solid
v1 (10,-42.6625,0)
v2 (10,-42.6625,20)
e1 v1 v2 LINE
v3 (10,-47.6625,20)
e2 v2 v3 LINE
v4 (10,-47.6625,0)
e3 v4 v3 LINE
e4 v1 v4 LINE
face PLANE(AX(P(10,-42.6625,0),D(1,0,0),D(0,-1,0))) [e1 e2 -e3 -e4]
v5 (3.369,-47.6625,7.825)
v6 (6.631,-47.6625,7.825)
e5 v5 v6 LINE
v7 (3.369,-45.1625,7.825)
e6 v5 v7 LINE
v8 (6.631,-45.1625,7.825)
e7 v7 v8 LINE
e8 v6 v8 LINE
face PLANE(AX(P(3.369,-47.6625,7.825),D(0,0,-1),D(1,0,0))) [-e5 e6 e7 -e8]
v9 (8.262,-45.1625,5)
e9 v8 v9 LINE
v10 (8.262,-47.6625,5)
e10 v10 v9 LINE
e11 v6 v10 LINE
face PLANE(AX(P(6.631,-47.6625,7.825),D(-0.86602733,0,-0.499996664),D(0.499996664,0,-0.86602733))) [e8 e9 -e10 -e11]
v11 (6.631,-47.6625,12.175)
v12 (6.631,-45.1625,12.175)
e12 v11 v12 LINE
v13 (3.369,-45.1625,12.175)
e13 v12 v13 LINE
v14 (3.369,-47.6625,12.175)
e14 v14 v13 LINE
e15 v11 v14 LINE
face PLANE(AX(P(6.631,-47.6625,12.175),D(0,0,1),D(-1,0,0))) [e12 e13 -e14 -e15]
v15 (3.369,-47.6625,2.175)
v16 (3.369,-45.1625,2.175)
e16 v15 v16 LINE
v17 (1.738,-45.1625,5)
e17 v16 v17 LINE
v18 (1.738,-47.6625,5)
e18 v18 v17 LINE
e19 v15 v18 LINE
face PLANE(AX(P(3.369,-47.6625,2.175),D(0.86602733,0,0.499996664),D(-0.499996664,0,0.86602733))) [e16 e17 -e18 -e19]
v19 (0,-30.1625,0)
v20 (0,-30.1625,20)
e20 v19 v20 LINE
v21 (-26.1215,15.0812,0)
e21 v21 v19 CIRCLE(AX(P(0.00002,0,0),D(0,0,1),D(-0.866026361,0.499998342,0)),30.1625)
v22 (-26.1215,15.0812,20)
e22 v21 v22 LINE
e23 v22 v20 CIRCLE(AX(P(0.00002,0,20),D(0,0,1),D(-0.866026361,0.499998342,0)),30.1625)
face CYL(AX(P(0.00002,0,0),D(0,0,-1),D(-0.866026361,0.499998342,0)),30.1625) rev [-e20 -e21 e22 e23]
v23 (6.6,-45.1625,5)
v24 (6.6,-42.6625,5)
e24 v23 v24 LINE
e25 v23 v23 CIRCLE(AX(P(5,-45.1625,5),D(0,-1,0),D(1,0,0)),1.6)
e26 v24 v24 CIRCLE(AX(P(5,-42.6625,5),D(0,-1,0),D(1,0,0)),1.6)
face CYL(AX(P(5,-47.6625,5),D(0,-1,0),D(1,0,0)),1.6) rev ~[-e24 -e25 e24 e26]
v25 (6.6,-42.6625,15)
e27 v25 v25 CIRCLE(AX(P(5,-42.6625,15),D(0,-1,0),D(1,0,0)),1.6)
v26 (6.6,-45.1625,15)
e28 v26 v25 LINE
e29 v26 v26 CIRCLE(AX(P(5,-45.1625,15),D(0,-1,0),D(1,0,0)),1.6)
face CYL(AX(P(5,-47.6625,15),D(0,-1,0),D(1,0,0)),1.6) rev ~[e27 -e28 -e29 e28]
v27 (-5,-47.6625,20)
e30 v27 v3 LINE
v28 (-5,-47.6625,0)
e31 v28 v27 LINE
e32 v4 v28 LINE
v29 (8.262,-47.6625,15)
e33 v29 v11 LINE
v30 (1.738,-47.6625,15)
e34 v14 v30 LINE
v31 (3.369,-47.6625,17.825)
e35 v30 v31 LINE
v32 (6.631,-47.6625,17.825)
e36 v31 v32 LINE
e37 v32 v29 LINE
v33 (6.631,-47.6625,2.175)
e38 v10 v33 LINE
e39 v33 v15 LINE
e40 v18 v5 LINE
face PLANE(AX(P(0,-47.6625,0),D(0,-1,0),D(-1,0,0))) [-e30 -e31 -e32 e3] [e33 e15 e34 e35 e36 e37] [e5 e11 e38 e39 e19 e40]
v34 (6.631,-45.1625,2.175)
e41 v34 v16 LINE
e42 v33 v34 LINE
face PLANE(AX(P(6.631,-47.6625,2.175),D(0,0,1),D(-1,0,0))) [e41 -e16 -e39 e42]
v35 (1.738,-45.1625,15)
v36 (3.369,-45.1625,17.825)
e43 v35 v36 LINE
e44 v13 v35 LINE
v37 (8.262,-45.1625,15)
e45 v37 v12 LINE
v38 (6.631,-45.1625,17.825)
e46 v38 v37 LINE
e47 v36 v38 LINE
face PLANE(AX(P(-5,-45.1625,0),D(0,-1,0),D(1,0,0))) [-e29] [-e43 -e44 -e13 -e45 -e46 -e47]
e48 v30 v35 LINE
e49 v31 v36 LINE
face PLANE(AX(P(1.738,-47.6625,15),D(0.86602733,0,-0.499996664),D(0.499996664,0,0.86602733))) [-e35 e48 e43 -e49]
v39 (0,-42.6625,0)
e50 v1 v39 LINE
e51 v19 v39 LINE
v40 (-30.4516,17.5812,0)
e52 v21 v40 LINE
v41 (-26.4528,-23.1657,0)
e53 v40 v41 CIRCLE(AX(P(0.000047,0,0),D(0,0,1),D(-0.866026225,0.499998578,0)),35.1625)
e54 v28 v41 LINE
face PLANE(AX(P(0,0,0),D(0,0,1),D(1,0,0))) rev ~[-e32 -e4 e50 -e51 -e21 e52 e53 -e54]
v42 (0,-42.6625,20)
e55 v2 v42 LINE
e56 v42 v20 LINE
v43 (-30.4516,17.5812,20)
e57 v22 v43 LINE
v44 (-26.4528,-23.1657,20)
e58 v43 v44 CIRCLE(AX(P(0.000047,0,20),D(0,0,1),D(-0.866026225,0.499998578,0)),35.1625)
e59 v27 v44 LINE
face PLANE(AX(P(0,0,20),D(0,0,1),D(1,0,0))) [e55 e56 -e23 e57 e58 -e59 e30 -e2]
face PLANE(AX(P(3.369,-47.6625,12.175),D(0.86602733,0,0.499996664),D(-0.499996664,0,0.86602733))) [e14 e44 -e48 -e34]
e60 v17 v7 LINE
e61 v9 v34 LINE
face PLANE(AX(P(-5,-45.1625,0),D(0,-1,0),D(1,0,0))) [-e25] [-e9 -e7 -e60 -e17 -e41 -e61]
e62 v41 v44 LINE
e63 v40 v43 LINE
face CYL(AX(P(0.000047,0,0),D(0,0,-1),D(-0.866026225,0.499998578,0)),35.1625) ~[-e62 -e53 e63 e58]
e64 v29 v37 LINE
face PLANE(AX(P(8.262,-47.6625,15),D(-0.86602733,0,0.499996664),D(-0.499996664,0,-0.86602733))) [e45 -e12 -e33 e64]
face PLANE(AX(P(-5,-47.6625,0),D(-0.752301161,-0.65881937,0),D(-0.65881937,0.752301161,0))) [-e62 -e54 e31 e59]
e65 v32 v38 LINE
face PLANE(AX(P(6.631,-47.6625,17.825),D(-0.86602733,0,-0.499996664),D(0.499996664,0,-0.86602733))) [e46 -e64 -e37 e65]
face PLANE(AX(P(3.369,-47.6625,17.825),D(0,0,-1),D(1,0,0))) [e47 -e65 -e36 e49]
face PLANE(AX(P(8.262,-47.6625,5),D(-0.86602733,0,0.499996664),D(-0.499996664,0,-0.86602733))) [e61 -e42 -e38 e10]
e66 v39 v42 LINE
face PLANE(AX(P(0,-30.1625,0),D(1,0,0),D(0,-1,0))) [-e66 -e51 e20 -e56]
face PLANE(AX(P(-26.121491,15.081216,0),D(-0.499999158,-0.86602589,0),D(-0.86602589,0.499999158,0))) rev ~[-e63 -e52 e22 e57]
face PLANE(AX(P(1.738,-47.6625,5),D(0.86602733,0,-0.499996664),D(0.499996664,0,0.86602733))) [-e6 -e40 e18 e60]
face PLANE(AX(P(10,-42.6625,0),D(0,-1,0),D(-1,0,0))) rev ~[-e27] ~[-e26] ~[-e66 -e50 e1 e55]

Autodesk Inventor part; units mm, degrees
ref_plane "YZ Plane" through (0, 0, 0) normal (1, 0, 0) x (0, 1, 0)
ref_plane "XZ Plane" through (0, 0, 0) normal (0, 1, 0) x (-1, 0, 0)
ref_plane "XY Plane" through (0, 0, 0) normal (0, 0, 1) x (1, 0, 0)
sketch "Sketch1" plane through (0, 0, 0) normal (0, 0, 1) x (1, 0, 0)
  arc A0 (-30.4516, 17.5812) -> (0, -35.1625) centre (0, 0) ccw
  line L0 (0, 0) -> (30.1625, 0)
  line L1 (0, 0) -> (17.5813, 30.4516)
  line L2 (0, 0) -> (-30.4516, 17.5812)
  line L3 (0, -30.1625) -> (0, -35.1625)
  arc A1 (-26.1215, 15.0812) -> (0, -30.1625) centre (0, 0) ccw
  arc A2 (30.1625, 0) -> (15.0813, 26.1215) centre (0, 0) ccw
  line L4 (0, -30.1625) -> (30.1625, -30.1625)
  line L5 (30.1625, -30.1625) -> (30.1625, -42.6625)
  line L6 (30.1625, -42.6625) -> (0, -42.6625)
  line L7 (0, -42.6625) -> (0, -30.1625)
  line L8 (0, -42.6625) -> (10, -42.6625)
  line L9 (10, -42.6625) -> (10, -47.6625)
  line L10 (10, -47.6625) -> (0, -47.6625)
  line L11 (0, -47.6625) -> (0, -42.6625)
  line L12 (0, -47.6625) -> (0, -35.1625)
  line L13 (0, -47.6625) -> (-5, -47.6625)
  line L14 (-5, -47.6625) -> (-5, -42.6625)
  line L15 (-5, -42.6625) -> (0, -42.6625)
  line L16 (0, -42.6625) -> (0, -47.6625)
  line L17 (-5, -47.6625) -> (-26.4528, -23.1657)
  line L18 (0, -42.6625) -> (0, -35.1625)
  dimension "d3" = 60
  dimension "d4" = 30.1625
  dimension "d5" = 35.1625
  dimension "d6" = 12.5
  dimension "d7" = 10
  dimension "d8" = 5
extrude "Extrusion1" add sketch "Sketch1" along normal blind 20 contours L2 A1 L3 A0 | A0 L7 L15 L14 L17 | L14 L15 L11 L13 | L6 L9 L10 L11
sketch "Sketch2" plane through (-5, -47.6625, 0) normal (0, -1, 0) x (1, 0, 0)
  line L0 (0, 0) -> (15, 0) projected
  line L1 (15, 0) -> (15, 20) projected
  line L2 (0, 20) -> (15, 20) projected
  line L3 (0, 0) -> (0, 20) projected
  line L4 (10, 20) -> (10, 0)
  circle A0 centre (10, 15) radius 1.6
  circle A1 centre (10, 5) radius 1.6
  point P0 (5, 0)
  dimension "d11" = 3.2
  dimension "d13" = 5
  dimension "d14" = 5
  dimension "d15" = 5
extrude "Extrusion2" cut sketch "Sketch2" against normal through all contours A1 L4 | L4 A1 | A0 L4 | L4 A0
sketch "Sketch3" plane through (-5, -47.6625, 0) normal (0, -1, 0) x (1, 0, 0)
  circle A0 centre (10, 5) radius 1.6 projected
  circle A1 centre (10, 15) radius 1.6 projected
  line L0 (6.738, 15) -> (8.369, 17.825)
  line L1 (8.369, 17.825) -> (11.631, 17.825)
  line L2 (11.631, 17.825) -> (13.262, 15)
  line L3 (13.262, 15) -> (11.631, 12.175)
  line L4 (11.631, 12.175) -> (8.369, 12.175)
  line L5 (8.369, 12.175) -> (6.738, 15)
  line L6 (6.738, 5) -> (8.369, 7.825)
  line L7 (8.369, 7.825) -> (11.631, 7.825)
  line L8 (11.631, 7.825) -> (13.262, 5)
  line L9 (13.262, 5) -> (11.631, 2.175)
  line L10 (11.631, 2.175) -> (8.369, 2.175)
  line L11 (8.369, 2.175) -> (6.738, 5)
  point P0 (5, 0)
  dimension "d18" = 5.65
extrude "Extrusion3" cut sketch "Sketch3" against normal blind 2.5
properties part number "clip"
